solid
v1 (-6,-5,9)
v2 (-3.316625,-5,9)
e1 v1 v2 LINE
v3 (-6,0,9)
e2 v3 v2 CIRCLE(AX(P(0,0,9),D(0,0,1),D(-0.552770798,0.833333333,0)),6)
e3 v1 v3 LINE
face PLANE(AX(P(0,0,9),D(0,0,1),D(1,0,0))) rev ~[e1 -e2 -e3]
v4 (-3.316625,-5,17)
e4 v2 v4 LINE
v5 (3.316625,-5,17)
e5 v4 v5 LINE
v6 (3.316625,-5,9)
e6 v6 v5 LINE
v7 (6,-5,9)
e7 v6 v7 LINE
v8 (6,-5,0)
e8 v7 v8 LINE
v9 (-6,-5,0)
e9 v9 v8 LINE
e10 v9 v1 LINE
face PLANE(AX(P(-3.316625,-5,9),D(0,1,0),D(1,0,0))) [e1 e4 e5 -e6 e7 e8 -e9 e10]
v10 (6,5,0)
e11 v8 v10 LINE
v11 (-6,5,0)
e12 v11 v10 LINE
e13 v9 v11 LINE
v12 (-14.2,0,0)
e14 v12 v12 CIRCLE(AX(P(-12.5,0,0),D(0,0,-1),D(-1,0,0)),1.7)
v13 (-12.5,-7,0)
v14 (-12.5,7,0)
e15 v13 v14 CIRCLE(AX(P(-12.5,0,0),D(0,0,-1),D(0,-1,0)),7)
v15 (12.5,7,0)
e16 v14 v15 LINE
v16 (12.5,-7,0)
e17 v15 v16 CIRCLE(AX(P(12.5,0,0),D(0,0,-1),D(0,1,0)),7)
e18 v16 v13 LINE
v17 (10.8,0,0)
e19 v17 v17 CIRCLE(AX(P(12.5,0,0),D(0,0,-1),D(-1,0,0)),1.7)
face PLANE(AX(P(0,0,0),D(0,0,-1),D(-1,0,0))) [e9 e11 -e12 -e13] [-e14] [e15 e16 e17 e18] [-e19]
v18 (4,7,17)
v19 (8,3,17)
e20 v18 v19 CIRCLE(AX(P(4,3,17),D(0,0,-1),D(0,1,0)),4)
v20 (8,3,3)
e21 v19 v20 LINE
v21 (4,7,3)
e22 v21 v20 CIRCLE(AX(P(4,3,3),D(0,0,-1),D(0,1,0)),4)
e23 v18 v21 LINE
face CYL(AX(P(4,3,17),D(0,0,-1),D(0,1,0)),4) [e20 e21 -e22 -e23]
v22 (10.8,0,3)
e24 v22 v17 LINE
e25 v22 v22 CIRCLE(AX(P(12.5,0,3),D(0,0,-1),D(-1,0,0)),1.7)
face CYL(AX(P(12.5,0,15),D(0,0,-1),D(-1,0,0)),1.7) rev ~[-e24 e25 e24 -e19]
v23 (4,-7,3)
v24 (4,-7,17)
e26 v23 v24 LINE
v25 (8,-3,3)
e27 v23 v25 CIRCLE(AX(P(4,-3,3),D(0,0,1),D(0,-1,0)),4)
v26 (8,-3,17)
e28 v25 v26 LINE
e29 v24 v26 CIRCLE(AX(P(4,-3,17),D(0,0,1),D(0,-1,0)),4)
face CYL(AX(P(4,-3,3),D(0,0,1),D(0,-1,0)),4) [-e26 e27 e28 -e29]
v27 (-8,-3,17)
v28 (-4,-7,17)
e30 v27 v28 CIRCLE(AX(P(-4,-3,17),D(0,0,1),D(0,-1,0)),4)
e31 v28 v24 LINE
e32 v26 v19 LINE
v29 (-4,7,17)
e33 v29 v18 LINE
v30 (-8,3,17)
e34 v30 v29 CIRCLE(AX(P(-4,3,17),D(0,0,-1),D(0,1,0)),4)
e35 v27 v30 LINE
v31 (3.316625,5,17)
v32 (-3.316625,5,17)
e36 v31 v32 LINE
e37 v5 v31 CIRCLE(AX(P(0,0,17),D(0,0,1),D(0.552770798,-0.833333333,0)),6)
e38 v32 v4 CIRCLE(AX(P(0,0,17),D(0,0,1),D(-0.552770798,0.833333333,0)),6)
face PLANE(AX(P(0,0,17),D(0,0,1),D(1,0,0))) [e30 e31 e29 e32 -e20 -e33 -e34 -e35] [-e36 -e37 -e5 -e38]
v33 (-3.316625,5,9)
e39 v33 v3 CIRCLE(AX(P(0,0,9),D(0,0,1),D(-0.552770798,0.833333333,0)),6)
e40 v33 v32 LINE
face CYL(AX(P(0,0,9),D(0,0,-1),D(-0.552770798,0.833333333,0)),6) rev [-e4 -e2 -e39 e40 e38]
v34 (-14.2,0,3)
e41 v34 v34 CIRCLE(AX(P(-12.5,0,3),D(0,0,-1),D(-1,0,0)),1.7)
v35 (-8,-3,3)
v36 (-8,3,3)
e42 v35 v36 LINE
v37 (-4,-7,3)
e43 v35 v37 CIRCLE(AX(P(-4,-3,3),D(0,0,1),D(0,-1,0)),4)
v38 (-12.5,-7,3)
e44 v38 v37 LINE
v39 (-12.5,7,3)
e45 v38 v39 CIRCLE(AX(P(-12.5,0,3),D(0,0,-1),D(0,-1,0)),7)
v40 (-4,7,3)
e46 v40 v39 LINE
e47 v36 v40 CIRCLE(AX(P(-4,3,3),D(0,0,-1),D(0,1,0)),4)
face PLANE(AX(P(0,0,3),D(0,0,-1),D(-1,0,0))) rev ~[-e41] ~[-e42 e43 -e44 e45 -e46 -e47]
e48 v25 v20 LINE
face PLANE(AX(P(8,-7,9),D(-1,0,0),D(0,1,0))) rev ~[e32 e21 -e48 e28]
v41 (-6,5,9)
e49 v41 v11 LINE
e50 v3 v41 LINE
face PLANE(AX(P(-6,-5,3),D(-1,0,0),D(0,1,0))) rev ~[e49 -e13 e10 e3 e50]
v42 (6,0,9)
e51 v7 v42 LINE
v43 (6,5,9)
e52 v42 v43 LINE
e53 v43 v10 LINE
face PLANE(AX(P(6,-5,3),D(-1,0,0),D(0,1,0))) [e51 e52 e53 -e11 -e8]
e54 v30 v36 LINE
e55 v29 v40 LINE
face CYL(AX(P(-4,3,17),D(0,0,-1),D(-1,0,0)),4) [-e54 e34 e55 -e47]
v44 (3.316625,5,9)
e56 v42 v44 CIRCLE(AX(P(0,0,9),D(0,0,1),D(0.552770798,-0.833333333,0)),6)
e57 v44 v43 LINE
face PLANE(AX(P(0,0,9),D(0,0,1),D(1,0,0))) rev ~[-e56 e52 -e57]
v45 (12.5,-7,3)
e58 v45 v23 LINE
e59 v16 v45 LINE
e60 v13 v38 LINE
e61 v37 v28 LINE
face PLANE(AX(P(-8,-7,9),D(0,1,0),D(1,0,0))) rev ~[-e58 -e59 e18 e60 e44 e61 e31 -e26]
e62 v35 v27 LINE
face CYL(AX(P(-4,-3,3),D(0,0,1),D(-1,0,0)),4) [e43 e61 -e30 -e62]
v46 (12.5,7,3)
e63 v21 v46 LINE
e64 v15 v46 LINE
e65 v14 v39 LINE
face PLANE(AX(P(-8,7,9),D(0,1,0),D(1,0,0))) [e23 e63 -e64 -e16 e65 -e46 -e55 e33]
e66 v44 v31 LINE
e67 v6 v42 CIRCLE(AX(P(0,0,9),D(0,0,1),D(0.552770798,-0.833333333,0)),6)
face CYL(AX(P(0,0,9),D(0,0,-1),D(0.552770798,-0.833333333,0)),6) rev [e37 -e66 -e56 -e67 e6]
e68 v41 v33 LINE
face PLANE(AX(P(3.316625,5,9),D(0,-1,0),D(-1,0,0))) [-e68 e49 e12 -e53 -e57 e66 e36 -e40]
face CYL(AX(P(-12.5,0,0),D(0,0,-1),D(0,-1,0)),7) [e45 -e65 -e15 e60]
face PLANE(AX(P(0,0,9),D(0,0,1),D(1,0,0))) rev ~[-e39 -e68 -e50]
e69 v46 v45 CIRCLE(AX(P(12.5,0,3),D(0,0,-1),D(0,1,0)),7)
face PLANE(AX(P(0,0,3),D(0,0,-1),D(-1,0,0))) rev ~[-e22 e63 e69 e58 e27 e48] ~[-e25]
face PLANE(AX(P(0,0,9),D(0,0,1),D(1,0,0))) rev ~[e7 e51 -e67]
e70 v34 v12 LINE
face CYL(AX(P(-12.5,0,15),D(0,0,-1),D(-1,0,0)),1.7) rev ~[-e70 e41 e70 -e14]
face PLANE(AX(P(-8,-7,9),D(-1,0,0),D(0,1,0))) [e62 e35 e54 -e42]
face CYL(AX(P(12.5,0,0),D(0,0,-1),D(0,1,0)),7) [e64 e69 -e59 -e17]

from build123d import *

# Parameters (mm, degrees)
SKETCH1_W                = 12
SKETCH1_H                = 10
BOSS_EXTRUDE3_DEPTH      = 3
SKETCH4_W                = 16
SKETCH4_H                = 14
SKETCH4_W_2              = 12
SKETCH4_H_2              = 10
BOSS_EXTRUDE4_DEPTH      = 6
SKETCH5_W                = 16
SKETCH5_H                = 14
BOSS_EXTRUDE5_DEPTH      = 8
M3_CLEARANCE_HOLE1_D     = 3.4
M3_CLEARANCE_HOLE1_DEPTH = 12
M3_CLEARANCE_HOLE1_TIP   = 1.021463052
FILLET1_R                = 4


with BuildPart() as part:
    # Sketch1 → Boss-Extrude3 (new body)
    with BuildSketch(Plane.XY):
        with BuildLine():
            Line((-12.5, 7), (12.5, 7))
            ThreePointArc((12.5, 7), (19.5, 0), (12.5, -7))
            Line((12.5, -7), (-12.5, -7))
            ThreePointArc((-12.5, -7), (-19.5, 0), (-12.5, 7))
        make_face()
        Rectangle(SKETCH1_W, SKETCH1_H, mode=Mode.SUBTRACT)
    extrude(amount=BOSS_EXTRUDE3_DEPTH)

    # Sketch4 → Boss-Extrude4 (add)
    with BuildSketch(Plane.XY.offset(3)):
        Rectangle(SKETCH4_W, SKETCH4_H)
        Rectangle(SKETCH4_W_2, SKETCH4_H_2, mode=Mode.SUBTRACT)
    extrude(amount=BOSS_EXTRUDE4_DEPTH)

    # Sketch5 → Boss-Extrude5 (add)
    with BuildSketch(Plane.XY.offset(9)):
        Rectangle(SKETCH5_W, SKETCH5_H)
        with BuildLine():
            Line((3.31662479, 5), (-3.31662479, 5))
            ThreePointArc((-3.31662479, 5), (-6, 0), (-3.31662479, -5))
            Line((-3.31662479, -5), (3.31662479, -5))
            ThreePointArc((3.31662479, -5), (6, 0), (3.31662479, 5))
        make_face(mode=Mode.SUBTRACT)
    extrude(amount=BOSS_EXTRUDE5_DEPTH)

    # M3 Clearance Hole1
    with Locations(Plane.XY.offset(3)):
        with Locations((-12.5, 0), (12.5, 0)):
            Hole(M3_CLEARANCE_HOLE1_D / 2, depth=M3_CLEARANCE_HOLE1_DEPTH)
            with Locations((0, 0, -(M3_CLEARANCE_HOLE1_DEPTH + M3_CLEARANCE_HOLE1_TIP / 2))):  # 118° drill point
                Cone(0, M3_CLEARANCE_HOLE1_D / 2, M3_CLEARANCE_HOLE1_TIP, mode=Mode.SUBTRACT)

    # Fillet1
    fillet1_edges = [part.edges().sort_by_distance(p)[0] for p in [
        (8, -7, 10),
        (8, 7, 10),
        (-8, 7, 10),
        (-8, -7, 10),
    ]]
    fillet(fillet1_edges, radius=FILLET1_R)


solid = part.part
